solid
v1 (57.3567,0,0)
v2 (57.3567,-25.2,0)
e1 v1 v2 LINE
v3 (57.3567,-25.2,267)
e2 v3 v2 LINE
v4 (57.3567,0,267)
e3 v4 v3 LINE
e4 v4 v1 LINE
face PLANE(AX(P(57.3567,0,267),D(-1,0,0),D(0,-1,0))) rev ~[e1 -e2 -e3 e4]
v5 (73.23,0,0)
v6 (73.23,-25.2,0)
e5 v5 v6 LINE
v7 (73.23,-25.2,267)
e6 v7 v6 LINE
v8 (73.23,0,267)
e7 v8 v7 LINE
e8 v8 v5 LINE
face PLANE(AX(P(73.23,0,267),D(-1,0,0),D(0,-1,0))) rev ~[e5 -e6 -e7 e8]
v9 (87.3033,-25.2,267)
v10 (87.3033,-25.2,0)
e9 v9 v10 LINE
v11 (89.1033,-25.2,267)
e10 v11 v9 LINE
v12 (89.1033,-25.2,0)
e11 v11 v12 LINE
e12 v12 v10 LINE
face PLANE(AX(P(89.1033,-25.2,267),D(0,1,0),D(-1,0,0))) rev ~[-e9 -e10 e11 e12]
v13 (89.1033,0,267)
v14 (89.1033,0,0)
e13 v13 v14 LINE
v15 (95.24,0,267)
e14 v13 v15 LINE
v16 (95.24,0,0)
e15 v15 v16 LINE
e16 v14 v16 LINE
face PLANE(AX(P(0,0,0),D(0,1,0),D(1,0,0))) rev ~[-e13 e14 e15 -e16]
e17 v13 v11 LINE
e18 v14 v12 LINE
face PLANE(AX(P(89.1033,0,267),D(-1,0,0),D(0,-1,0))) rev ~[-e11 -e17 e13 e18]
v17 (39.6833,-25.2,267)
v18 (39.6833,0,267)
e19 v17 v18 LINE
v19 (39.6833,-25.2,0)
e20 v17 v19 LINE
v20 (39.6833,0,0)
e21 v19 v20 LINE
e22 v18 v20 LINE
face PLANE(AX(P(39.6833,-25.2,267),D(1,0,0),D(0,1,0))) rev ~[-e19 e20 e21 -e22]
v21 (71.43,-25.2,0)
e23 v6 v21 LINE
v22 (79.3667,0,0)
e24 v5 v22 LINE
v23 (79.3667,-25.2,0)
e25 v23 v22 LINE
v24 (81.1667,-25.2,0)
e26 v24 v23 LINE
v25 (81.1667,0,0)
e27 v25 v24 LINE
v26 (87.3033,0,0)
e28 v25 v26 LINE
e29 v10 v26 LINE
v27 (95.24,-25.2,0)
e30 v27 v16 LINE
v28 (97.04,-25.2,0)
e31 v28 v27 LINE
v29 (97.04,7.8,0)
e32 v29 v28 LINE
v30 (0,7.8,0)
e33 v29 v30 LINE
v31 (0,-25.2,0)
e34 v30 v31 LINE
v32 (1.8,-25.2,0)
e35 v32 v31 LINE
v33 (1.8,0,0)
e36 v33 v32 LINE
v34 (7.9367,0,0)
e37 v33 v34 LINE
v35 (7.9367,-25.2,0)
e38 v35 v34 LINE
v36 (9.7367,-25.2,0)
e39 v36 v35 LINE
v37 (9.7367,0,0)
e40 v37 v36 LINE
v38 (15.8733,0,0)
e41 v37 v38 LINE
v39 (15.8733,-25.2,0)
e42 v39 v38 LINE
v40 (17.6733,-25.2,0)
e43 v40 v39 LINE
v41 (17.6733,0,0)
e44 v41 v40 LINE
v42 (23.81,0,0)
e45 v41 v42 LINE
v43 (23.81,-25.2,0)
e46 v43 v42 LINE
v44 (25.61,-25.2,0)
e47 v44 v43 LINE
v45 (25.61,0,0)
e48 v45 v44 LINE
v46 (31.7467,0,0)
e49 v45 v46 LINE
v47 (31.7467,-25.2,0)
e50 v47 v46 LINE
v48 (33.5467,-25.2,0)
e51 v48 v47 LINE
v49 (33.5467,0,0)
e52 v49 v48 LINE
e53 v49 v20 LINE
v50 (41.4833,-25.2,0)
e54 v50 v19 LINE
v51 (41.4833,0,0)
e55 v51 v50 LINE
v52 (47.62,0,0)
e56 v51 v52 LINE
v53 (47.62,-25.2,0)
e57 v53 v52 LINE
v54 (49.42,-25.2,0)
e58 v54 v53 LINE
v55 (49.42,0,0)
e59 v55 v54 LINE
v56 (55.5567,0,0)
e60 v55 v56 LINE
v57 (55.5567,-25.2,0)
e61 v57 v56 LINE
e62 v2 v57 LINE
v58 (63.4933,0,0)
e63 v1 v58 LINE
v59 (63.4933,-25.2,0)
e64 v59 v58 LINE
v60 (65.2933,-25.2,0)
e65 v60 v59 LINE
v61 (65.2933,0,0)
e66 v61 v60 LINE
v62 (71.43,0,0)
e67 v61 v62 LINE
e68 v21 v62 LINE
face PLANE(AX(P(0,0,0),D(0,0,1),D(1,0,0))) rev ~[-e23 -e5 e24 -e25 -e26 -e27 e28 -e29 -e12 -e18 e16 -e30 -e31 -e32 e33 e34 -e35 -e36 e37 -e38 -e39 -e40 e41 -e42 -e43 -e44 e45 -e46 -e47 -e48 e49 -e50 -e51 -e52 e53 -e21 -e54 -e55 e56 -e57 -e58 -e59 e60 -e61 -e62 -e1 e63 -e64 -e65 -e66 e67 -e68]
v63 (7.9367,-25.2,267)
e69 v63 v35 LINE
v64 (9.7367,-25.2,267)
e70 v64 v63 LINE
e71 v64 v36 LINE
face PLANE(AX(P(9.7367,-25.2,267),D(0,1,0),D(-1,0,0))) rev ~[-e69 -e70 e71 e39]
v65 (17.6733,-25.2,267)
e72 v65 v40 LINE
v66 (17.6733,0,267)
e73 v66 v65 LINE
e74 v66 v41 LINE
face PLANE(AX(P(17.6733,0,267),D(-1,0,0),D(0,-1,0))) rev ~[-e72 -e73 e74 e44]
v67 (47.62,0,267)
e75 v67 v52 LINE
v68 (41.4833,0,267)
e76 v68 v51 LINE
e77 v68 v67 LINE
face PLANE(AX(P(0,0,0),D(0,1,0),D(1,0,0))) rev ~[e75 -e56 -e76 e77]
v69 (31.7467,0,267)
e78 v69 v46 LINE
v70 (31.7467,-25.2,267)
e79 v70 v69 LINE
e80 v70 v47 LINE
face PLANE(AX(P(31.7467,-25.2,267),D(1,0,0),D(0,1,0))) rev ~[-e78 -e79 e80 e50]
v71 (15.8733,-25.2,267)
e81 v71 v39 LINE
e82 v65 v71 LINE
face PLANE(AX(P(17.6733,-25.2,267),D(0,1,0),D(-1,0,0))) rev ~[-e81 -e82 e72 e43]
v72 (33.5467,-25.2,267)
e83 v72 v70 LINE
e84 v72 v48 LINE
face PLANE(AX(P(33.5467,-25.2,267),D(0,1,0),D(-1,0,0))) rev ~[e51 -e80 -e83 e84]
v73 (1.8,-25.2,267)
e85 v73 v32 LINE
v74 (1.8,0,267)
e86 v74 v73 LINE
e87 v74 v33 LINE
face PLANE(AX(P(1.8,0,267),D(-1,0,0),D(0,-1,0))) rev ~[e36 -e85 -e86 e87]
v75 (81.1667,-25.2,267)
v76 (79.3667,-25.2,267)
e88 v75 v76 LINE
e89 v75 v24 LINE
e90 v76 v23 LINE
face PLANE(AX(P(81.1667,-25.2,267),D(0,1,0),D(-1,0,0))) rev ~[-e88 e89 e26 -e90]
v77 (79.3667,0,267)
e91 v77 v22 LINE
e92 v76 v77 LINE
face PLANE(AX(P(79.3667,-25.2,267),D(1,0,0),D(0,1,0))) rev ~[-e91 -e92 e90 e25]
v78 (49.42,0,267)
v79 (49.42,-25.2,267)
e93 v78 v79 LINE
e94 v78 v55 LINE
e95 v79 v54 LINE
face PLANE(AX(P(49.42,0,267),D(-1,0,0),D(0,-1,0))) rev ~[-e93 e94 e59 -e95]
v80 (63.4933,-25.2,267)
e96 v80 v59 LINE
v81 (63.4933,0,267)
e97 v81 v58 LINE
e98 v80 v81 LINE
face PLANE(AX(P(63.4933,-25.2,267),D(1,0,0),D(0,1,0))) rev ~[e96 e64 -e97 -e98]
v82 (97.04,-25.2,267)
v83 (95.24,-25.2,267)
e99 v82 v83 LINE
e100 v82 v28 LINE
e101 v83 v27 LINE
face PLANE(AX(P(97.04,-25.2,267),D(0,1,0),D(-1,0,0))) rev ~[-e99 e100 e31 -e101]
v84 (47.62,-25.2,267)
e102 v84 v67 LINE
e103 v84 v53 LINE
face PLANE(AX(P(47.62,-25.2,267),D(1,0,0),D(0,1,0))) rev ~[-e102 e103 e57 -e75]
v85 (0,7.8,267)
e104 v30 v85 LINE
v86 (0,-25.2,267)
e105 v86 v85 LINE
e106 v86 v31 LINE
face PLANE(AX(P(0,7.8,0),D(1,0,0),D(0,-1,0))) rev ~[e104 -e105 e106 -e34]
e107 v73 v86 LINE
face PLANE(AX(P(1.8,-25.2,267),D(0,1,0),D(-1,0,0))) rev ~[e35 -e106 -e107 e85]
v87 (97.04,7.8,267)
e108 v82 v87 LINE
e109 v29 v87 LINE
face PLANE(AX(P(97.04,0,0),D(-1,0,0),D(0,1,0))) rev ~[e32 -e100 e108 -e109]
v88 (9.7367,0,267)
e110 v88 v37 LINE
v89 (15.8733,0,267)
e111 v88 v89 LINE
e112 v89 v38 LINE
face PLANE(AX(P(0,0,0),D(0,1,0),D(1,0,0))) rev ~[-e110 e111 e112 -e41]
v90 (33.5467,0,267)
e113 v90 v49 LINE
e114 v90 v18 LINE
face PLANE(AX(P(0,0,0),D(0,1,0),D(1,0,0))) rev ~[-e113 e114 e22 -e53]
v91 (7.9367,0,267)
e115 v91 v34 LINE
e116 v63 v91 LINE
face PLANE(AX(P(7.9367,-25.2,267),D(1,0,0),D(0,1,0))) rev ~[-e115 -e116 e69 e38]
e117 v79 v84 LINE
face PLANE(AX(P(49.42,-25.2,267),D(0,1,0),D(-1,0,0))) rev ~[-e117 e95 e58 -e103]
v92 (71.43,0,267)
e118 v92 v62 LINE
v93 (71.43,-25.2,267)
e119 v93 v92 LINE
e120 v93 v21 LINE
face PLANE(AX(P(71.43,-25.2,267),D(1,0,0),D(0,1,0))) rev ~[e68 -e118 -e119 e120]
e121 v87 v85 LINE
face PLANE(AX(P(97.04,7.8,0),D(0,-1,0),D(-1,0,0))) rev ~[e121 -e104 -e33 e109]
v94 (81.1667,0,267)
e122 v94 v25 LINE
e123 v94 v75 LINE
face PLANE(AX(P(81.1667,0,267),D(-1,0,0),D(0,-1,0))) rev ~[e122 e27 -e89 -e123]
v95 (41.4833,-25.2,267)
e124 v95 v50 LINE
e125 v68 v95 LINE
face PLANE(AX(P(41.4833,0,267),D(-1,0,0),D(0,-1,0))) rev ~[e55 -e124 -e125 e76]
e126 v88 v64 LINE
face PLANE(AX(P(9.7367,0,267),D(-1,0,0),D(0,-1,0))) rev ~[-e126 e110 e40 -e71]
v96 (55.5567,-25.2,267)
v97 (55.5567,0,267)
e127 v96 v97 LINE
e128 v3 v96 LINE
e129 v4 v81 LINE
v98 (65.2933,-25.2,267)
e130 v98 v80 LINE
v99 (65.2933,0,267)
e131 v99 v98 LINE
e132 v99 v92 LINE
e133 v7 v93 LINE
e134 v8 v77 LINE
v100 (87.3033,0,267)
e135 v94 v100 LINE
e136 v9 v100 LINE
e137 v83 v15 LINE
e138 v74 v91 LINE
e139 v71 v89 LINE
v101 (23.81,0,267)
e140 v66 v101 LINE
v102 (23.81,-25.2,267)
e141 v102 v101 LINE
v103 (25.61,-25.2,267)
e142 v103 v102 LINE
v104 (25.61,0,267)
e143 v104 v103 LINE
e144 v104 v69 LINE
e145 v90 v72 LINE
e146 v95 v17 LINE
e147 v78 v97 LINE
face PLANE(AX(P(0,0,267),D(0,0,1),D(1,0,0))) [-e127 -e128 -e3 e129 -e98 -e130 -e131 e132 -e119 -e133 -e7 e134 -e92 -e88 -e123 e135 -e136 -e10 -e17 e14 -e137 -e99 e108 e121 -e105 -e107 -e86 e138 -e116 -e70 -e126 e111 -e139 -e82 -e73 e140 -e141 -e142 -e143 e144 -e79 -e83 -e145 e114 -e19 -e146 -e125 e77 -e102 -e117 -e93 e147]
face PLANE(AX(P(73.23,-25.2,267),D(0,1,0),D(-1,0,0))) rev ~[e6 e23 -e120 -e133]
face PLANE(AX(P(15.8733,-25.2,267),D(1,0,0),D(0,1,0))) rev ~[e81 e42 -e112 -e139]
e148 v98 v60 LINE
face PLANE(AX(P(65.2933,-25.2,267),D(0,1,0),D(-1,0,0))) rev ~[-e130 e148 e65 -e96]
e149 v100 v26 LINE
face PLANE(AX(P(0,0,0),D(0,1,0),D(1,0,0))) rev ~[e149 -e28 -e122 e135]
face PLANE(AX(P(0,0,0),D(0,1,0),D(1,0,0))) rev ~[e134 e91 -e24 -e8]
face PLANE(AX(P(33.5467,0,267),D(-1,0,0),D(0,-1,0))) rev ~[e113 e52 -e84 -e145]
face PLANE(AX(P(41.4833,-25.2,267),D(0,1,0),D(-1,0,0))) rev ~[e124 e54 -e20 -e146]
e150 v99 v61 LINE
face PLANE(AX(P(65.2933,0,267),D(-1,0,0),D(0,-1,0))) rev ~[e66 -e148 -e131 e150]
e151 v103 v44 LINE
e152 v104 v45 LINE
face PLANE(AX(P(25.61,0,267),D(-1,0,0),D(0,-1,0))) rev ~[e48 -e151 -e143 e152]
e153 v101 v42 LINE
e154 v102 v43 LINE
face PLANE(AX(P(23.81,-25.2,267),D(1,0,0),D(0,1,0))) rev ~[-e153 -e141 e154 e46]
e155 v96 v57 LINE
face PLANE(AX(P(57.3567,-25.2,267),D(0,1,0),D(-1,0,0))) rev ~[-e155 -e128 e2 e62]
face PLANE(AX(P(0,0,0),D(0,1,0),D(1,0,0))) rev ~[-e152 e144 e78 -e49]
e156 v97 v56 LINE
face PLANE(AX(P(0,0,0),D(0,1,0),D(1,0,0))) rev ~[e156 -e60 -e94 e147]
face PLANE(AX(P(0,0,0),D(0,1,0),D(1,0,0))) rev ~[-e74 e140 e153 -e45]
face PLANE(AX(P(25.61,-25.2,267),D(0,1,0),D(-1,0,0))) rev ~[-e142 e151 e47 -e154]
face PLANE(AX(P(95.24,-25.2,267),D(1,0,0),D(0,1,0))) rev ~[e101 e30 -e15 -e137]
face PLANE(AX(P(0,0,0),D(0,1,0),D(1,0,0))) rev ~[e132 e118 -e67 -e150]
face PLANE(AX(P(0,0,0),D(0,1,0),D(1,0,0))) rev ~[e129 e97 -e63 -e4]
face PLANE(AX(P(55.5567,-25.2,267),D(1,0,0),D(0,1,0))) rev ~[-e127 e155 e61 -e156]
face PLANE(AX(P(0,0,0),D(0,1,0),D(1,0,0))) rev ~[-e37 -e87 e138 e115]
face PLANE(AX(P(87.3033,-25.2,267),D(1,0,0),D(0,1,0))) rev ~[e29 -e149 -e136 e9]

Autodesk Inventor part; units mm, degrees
ref_plane "YZ Plane" through (0, 0, 0) normal (1, 0, 0) x (0, 1, 0)
ref_plane "XZ Plane" through (0, 0, 0) normal (0, 1, 0) x (-1, 0, 0)
ref_plane "XY Plane" through (0, 0, 0) normal (0, 0, 1) x (1, 0, 0)
sketch "Sketch4" plane through (0, 0, 0) normal (0, 0, 1) x (1, 0, 0)
  line L0 (0, 0) -> (97.04, 0)
  line L1 (97.04, 0) -> (97.04, 7.8)
  line L2 (97.04, 7.8) -> (0, 7.8)
  line L3 (0, 7.8) -> (0, 0)
  dimension "d15" = 97.04
  dimension "d16" = 7.8
extrude "Extrusion3" add sketch "Sketch4" along normal blind 267
sketch "Sketch5" plane through (0, 0, 267) normal (0, 0, 1) x (1, 0, 0)
  line L0 (0, 0) -> (97.04, 0) projected
  line L1 (0, 0) -> (1.8, 0)
  line L2 (1.8, 0) -> (1.8, -25.2)
  line L3 (1.8, -25.2) -> (0, -25.2)
  line L4 (0, -25.2) -> (0, 0)
  line L5 (9.7367, 0) -> (9.7367, -25.2)
  line L6 (7.9367, 0) -> (9.7367, 0)
  line L7 (7.9367, -25.2) -> (7.9367, 0)
  line L8 (9.7367, -25.2) -> (7.9367, -25.2)
  line L9 (17.6733, 0) -> (17.6733, -25.2)
  line L10 (15.8733, 0) -> (17.6733, 0)
  line L11 (15.8733, -25.2) -> (15.8733, 0)
  line L12 (17.6733, -25.2) -> (15.8733, -25.2)
  line L13 (25.61, 0) -> (25.61, -25.2)
  line L14 (23.81, 0) -> (25.61, 0)
  line L15 (23.81, -25.2) -> (23.81, 0)
  line L16 (25.61, -25.2) -> (23.81, -25.2)
  line L17 (33.5467, 0) -> (33.5467, -25.2)
  line L18 (31.7467, 0) -> (33.5467, 0)
  line L19 (31.7467, -25.2) -> (31.7467, 0)
  line L20 (33.5467, -25.2) -> (31.7467, -25.2)
  line L21 (41.4833, 0) -> (41.4833, -25.2)
  line L22 (39.6833, 0) -> (41.4833, 0)
  line L23 (39.6833, -25.2) -> (39.6833, 0)
  line L24 (41.4833, -25.2) -> (39.6833, -25.2)
  line L25 (49.42, 0) -> (49.42, -25.2)
  line L26 (47.62, 0) -> (49.42, 0)
  line L27 (47.62, -25.2) -> (47.62, 0)
  line L28 (49.42, -25.2) -> (47.62, -25.2)
  line L29 (57.3567, 0) -> (57.3567, -25.2)
  line L30 (55.5567, 0) -> (57.3567, 0)
  line L31 (55.5567, -25.2) -> (55.5567, 0)
  line L32 (57.3567, -25.2) -> (55.5567, -25.2)
  line L33 (65.2933, 0) -> (65.2933, -25.2)
  line L34 (63.4933, 0) -> (65.2933, 0)
  line L35 (63.4933, -25.2) -> (63.4933, 0)
  line L36 (65.2933, -25.2) -> (63.4933, -25.2)
  line L37 (73.23, 0) -> (73.23, -25.2)
  line L38 (71.43, 0) -> (73.23, 0)
  line L39 (71.43, -25.2) -> (71.43, 0)
  line L40 (73.23, -25.2) -> (71.43, -25.2)
  line L41 (81.1667, 0) -> (81.1667, -25.2)
  line L42 (79.3667, 0) -> (81.1667, 0)
  line L43 (79.3667, -25.2) -> (79.3667, 0)
  line L44 (81.1667, -25.2) -> (79.3667, -25.2)
  line L45 (89.1033, 0) -> (89.1033, -25.2)
  line L46 (87.3033, 0) -> (89.1033, 0)
  line L47 (87.3033, -25.2) -> (87.3033, 0)
  line L48 (89.1033, -25.2) -> (87.3033, -25.2)
  line L49 (97.04, 0) -> (97.04, -25.2)
  line L50 (95.24, 0) -> (97.04, 0)
  line L51 (95.24, -25.2) -> (95.24, 0)
  line L52 (97.04, -25.2) -> (95.24, -25.2)
  dimension "d19" = 1.8
  dimension "d20" = 25.2
  dimension "d23" = 7.9367
extrude "Extrusion4" add sketch "Sketch5" against normal up to surface (267 mm away)
properties part number "heat sink"
